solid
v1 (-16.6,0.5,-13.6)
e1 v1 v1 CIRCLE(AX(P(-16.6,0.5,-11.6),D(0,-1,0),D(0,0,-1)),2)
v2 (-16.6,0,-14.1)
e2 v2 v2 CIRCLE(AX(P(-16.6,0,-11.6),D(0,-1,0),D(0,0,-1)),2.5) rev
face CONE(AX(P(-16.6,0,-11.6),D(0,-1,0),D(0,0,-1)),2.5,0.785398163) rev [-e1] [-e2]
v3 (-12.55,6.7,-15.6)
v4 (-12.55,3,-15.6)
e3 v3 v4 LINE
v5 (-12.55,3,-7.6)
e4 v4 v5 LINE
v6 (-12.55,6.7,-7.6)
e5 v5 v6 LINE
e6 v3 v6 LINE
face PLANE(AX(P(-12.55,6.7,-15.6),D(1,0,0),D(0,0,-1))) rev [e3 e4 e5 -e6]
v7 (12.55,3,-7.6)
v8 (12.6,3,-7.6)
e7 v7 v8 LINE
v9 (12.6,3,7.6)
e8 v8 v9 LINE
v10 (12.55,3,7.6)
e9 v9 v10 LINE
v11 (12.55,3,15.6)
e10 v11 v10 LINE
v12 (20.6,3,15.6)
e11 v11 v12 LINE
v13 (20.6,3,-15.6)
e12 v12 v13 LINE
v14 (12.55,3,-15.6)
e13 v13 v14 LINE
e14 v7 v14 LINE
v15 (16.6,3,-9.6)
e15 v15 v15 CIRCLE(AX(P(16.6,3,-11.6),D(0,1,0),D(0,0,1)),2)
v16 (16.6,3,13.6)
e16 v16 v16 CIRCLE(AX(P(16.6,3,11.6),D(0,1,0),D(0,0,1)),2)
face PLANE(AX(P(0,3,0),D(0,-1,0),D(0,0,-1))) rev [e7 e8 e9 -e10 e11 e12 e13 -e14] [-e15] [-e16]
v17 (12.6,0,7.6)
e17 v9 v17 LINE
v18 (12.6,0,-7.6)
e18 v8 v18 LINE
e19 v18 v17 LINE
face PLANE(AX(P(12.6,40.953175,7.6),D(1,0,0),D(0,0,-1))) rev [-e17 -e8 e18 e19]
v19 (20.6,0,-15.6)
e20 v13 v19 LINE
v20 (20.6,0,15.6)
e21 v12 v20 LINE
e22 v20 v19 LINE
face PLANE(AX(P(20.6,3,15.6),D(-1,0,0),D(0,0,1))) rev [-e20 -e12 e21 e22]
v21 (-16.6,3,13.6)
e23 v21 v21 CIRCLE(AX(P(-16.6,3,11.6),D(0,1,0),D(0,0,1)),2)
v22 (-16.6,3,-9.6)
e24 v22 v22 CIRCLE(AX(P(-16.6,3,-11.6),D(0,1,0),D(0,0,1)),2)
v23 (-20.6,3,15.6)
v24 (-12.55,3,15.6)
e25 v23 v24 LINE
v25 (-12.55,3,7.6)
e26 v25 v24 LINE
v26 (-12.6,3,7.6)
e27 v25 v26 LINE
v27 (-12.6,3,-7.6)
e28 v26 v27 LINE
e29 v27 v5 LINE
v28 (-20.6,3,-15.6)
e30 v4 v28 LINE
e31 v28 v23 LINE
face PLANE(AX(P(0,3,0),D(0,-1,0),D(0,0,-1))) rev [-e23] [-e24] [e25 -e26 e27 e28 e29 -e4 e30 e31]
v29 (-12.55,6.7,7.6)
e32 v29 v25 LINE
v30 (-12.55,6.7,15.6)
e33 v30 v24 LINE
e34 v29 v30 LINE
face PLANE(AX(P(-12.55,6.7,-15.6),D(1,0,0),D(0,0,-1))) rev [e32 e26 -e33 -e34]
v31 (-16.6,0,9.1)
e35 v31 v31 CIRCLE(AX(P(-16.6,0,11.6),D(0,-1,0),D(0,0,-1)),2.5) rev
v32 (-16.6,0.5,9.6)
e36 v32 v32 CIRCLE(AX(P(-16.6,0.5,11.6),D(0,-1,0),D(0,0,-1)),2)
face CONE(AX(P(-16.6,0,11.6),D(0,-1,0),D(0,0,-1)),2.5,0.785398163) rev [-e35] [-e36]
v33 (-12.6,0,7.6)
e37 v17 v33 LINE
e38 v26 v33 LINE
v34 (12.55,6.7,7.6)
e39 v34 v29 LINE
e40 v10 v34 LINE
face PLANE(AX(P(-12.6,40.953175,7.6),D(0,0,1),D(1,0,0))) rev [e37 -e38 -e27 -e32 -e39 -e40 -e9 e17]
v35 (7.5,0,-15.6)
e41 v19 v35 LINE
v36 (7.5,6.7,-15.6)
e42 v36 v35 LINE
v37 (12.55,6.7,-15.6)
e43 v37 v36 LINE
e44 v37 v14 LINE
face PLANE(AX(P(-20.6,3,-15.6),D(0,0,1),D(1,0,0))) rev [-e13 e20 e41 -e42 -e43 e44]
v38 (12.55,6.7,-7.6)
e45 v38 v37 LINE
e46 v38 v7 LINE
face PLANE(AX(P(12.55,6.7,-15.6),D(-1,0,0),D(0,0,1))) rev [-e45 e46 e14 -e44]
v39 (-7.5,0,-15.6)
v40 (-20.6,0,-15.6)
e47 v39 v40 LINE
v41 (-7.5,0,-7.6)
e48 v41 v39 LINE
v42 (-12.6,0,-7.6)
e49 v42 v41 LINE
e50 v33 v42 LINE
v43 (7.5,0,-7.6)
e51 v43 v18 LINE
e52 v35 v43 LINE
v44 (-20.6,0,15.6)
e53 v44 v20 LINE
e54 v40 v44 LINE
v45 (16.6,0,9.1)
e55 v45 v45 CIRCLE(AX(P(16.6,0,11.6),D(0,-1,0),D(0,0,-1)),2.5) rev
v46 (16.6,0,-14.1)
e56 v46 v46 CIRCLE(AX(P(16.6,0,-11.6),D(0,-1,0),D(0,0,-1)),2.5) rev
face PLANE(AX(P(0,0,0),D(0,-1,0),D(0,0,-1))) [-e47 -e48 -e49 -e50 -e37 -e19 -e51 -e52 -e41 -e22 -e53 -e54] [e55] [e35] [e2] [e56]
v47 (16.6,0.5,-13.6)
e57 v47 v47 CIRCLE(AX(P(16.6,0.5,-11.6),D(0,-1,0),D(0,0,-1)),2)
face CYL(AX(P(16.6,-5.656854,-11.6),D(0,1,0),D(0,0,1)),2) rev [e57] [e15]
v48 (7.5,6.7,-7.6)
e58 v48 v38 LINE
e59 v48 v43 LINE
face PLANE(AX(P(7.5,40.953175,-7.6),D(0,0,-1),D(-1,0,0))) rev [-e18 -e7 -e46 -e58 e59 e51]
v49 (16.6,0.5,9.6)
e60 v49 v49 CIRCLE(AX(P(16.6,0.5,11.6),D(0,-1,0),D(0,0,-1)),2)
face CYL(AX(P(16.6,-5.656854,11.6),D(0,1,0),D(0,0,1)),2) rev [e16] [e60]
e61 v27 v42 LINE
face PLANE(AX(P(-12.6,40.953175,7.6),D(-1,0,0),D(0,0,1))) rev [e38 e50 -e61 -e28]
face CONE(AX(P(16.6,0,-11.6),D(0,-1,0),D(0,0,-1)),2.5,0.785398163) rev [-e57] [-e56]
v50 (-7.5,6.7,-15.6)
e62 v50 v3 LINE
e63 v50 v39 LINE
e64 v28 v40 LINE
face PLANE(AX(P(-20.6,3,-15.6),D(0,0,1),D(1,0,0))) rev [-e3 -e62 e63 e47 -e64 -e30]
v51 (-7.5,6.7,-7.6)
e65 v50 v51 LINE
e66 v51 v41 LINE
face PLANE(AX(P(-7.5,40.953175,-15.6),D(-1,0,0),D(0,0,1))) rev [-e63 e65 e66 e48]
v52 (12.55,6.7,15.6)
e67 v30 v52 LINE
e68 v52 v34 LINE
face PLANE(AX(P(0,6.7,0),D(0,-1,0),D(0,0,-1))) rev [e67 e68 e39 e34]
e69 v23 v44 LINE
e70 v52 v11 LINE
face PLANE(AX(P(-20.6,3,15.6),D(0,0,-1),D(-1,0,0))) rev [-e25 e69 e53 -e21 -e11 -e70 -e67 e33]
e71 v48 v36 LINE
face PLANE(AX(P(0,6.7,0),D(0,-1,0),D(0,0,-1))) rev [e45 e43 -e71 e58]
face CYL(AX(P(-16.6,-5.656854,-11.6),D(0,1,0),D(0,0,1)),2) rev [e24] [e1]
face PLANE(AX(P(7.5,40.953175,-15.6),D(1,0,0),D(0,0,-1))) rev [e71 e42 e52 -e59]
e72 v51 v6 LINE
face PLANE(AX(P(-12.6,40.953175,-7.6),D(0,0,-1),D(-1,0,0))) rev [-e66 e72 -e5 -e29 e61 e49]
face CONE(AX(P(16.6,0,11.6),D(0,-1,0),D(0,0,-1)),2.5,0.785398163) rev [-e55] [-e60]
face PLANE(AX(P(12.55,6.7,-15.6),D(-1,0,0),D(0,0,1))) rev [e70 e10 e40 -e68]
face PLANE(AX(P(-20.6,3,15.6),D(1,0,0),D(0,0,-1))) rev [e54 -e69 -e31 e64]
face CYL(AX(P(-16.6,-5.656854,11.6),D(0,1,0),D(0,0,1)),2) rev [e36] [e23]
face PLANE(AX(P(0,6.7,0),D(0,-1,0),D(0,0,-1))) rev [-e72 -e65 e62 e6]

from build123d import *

# Parameters (mm, degrees)
SKETCH1_W           = 41.2
SKETCH1_H           = 31.2
BOSS_EXTRUDE1_DEPTH = 3
SKETCH2_W           = 25.1
SKETCH2_H           = 31.2
BOSS_EXTRUDE2_DEPTH = 3.7
SKETCH3_R           = 2
CUT_EXTRUDE1_DEPTH  = 3
CUT_EXTRUDE2_REACH  = 28.695
CHAMFER1_SIZE       = 0.5


with BuildPart() as part:
    # Sketch1 → Boss-Extrude1 (new body)
    with BuildSketch(Plane(origin=(0, 0, 0), x_dir=(1, 0, 0), z_dir=(0, 1, 0))):
        Rectangle(SKETCH1_W, SKETCH1_H)
    extrude(amount=BOSS_EXTRUDE1_DEPTH)

    # Sketch2 → Boss-Extrude2 (add)
    with BuildSketch(Plane(origin=(0, 3, 0), x_dir=(1, 0, 0), z_dir=(0, 1, 0))):
        Rectangle(SKETCH2_W, SKETCH2_H)
    extrude(amount=BOSS_EXTRUDE2_DEPTH)

    # Sketch3 → Cut-Extrude1 (cut)
    with BuildSketch(Plane(origin=(0, 3, 0), x_dir=(1, 0, 0), z_dir=(0, 1, 0))):
        with Locations(Location((16.6, -11.6, 0), (0, 0, 270))):
            Circle(SKETCH3_R)
        with Locations(Location((-16.6, -11.6, 0), (0, 0, 270))):
            Circle(SKETCH3_R)
        with Locations(Location((16.6, 11.6, 0), (0, 0, 270))):
            Circle(SKETCH3_R)
        with Locations(Location((-16.6, 11.6, 0), (0, 0, 270))):
            Circle(SKETCH3_R)
    extrude(amount=-CUT_EXTRUDE1_DEPTH, mode=Mode.SUBTRACT)

    # Cut-Extrude2: up to this face of the body (flat: up to its plane)
    cut_extrude2_end = Plane(part.part.faces().sort_by_distance((0, 6.7, 0))[0])
    # Sketch4 → Cut-Extrude2 (cut, up to the picked face)
    with BuildSketch(Plane.XZ, mode=Mode.PRIVATE) as cut_extrude2_sk1:
        Polygon((-7.5, -15.6), (7.5, -15.6), (7.5, -7.6), (12.6, -7.6), (12.6, 7.6), (-12.6, 7.6), (-12.6, -7.6), (-7.5, -7.6), align=None)
    cut_extrude2_tool1 = split(extrude(cut_extrude2_sk1.sketch, amount=-CUT_EXTRUDE2_REACH, mode=Mode.PRIVATE), bisect_by=cut_extrude2_end, keep=Keep.BOTH, mode=Mode.PRIVATE)
    add(cut_extrude2_tool1.solids().sort_by(Axis((0, 0, -2.767176), (0, 1, 0)))[0], mode=Mode.SUBTRACT)

    # Chamfer1
    chamfer1_edges = [part.edges().sort_by_distance(p)[0] for p in [
        (16.6, 0, -13.6),
        (-16.6, 0, 9.6),
        (-16.6, 0, -13.6),
        (16.6, 0, 9.6),
    ]]
    chamfer(chamfer1_edges, length=CHAMFER1_SIZE)


solid = part.part
